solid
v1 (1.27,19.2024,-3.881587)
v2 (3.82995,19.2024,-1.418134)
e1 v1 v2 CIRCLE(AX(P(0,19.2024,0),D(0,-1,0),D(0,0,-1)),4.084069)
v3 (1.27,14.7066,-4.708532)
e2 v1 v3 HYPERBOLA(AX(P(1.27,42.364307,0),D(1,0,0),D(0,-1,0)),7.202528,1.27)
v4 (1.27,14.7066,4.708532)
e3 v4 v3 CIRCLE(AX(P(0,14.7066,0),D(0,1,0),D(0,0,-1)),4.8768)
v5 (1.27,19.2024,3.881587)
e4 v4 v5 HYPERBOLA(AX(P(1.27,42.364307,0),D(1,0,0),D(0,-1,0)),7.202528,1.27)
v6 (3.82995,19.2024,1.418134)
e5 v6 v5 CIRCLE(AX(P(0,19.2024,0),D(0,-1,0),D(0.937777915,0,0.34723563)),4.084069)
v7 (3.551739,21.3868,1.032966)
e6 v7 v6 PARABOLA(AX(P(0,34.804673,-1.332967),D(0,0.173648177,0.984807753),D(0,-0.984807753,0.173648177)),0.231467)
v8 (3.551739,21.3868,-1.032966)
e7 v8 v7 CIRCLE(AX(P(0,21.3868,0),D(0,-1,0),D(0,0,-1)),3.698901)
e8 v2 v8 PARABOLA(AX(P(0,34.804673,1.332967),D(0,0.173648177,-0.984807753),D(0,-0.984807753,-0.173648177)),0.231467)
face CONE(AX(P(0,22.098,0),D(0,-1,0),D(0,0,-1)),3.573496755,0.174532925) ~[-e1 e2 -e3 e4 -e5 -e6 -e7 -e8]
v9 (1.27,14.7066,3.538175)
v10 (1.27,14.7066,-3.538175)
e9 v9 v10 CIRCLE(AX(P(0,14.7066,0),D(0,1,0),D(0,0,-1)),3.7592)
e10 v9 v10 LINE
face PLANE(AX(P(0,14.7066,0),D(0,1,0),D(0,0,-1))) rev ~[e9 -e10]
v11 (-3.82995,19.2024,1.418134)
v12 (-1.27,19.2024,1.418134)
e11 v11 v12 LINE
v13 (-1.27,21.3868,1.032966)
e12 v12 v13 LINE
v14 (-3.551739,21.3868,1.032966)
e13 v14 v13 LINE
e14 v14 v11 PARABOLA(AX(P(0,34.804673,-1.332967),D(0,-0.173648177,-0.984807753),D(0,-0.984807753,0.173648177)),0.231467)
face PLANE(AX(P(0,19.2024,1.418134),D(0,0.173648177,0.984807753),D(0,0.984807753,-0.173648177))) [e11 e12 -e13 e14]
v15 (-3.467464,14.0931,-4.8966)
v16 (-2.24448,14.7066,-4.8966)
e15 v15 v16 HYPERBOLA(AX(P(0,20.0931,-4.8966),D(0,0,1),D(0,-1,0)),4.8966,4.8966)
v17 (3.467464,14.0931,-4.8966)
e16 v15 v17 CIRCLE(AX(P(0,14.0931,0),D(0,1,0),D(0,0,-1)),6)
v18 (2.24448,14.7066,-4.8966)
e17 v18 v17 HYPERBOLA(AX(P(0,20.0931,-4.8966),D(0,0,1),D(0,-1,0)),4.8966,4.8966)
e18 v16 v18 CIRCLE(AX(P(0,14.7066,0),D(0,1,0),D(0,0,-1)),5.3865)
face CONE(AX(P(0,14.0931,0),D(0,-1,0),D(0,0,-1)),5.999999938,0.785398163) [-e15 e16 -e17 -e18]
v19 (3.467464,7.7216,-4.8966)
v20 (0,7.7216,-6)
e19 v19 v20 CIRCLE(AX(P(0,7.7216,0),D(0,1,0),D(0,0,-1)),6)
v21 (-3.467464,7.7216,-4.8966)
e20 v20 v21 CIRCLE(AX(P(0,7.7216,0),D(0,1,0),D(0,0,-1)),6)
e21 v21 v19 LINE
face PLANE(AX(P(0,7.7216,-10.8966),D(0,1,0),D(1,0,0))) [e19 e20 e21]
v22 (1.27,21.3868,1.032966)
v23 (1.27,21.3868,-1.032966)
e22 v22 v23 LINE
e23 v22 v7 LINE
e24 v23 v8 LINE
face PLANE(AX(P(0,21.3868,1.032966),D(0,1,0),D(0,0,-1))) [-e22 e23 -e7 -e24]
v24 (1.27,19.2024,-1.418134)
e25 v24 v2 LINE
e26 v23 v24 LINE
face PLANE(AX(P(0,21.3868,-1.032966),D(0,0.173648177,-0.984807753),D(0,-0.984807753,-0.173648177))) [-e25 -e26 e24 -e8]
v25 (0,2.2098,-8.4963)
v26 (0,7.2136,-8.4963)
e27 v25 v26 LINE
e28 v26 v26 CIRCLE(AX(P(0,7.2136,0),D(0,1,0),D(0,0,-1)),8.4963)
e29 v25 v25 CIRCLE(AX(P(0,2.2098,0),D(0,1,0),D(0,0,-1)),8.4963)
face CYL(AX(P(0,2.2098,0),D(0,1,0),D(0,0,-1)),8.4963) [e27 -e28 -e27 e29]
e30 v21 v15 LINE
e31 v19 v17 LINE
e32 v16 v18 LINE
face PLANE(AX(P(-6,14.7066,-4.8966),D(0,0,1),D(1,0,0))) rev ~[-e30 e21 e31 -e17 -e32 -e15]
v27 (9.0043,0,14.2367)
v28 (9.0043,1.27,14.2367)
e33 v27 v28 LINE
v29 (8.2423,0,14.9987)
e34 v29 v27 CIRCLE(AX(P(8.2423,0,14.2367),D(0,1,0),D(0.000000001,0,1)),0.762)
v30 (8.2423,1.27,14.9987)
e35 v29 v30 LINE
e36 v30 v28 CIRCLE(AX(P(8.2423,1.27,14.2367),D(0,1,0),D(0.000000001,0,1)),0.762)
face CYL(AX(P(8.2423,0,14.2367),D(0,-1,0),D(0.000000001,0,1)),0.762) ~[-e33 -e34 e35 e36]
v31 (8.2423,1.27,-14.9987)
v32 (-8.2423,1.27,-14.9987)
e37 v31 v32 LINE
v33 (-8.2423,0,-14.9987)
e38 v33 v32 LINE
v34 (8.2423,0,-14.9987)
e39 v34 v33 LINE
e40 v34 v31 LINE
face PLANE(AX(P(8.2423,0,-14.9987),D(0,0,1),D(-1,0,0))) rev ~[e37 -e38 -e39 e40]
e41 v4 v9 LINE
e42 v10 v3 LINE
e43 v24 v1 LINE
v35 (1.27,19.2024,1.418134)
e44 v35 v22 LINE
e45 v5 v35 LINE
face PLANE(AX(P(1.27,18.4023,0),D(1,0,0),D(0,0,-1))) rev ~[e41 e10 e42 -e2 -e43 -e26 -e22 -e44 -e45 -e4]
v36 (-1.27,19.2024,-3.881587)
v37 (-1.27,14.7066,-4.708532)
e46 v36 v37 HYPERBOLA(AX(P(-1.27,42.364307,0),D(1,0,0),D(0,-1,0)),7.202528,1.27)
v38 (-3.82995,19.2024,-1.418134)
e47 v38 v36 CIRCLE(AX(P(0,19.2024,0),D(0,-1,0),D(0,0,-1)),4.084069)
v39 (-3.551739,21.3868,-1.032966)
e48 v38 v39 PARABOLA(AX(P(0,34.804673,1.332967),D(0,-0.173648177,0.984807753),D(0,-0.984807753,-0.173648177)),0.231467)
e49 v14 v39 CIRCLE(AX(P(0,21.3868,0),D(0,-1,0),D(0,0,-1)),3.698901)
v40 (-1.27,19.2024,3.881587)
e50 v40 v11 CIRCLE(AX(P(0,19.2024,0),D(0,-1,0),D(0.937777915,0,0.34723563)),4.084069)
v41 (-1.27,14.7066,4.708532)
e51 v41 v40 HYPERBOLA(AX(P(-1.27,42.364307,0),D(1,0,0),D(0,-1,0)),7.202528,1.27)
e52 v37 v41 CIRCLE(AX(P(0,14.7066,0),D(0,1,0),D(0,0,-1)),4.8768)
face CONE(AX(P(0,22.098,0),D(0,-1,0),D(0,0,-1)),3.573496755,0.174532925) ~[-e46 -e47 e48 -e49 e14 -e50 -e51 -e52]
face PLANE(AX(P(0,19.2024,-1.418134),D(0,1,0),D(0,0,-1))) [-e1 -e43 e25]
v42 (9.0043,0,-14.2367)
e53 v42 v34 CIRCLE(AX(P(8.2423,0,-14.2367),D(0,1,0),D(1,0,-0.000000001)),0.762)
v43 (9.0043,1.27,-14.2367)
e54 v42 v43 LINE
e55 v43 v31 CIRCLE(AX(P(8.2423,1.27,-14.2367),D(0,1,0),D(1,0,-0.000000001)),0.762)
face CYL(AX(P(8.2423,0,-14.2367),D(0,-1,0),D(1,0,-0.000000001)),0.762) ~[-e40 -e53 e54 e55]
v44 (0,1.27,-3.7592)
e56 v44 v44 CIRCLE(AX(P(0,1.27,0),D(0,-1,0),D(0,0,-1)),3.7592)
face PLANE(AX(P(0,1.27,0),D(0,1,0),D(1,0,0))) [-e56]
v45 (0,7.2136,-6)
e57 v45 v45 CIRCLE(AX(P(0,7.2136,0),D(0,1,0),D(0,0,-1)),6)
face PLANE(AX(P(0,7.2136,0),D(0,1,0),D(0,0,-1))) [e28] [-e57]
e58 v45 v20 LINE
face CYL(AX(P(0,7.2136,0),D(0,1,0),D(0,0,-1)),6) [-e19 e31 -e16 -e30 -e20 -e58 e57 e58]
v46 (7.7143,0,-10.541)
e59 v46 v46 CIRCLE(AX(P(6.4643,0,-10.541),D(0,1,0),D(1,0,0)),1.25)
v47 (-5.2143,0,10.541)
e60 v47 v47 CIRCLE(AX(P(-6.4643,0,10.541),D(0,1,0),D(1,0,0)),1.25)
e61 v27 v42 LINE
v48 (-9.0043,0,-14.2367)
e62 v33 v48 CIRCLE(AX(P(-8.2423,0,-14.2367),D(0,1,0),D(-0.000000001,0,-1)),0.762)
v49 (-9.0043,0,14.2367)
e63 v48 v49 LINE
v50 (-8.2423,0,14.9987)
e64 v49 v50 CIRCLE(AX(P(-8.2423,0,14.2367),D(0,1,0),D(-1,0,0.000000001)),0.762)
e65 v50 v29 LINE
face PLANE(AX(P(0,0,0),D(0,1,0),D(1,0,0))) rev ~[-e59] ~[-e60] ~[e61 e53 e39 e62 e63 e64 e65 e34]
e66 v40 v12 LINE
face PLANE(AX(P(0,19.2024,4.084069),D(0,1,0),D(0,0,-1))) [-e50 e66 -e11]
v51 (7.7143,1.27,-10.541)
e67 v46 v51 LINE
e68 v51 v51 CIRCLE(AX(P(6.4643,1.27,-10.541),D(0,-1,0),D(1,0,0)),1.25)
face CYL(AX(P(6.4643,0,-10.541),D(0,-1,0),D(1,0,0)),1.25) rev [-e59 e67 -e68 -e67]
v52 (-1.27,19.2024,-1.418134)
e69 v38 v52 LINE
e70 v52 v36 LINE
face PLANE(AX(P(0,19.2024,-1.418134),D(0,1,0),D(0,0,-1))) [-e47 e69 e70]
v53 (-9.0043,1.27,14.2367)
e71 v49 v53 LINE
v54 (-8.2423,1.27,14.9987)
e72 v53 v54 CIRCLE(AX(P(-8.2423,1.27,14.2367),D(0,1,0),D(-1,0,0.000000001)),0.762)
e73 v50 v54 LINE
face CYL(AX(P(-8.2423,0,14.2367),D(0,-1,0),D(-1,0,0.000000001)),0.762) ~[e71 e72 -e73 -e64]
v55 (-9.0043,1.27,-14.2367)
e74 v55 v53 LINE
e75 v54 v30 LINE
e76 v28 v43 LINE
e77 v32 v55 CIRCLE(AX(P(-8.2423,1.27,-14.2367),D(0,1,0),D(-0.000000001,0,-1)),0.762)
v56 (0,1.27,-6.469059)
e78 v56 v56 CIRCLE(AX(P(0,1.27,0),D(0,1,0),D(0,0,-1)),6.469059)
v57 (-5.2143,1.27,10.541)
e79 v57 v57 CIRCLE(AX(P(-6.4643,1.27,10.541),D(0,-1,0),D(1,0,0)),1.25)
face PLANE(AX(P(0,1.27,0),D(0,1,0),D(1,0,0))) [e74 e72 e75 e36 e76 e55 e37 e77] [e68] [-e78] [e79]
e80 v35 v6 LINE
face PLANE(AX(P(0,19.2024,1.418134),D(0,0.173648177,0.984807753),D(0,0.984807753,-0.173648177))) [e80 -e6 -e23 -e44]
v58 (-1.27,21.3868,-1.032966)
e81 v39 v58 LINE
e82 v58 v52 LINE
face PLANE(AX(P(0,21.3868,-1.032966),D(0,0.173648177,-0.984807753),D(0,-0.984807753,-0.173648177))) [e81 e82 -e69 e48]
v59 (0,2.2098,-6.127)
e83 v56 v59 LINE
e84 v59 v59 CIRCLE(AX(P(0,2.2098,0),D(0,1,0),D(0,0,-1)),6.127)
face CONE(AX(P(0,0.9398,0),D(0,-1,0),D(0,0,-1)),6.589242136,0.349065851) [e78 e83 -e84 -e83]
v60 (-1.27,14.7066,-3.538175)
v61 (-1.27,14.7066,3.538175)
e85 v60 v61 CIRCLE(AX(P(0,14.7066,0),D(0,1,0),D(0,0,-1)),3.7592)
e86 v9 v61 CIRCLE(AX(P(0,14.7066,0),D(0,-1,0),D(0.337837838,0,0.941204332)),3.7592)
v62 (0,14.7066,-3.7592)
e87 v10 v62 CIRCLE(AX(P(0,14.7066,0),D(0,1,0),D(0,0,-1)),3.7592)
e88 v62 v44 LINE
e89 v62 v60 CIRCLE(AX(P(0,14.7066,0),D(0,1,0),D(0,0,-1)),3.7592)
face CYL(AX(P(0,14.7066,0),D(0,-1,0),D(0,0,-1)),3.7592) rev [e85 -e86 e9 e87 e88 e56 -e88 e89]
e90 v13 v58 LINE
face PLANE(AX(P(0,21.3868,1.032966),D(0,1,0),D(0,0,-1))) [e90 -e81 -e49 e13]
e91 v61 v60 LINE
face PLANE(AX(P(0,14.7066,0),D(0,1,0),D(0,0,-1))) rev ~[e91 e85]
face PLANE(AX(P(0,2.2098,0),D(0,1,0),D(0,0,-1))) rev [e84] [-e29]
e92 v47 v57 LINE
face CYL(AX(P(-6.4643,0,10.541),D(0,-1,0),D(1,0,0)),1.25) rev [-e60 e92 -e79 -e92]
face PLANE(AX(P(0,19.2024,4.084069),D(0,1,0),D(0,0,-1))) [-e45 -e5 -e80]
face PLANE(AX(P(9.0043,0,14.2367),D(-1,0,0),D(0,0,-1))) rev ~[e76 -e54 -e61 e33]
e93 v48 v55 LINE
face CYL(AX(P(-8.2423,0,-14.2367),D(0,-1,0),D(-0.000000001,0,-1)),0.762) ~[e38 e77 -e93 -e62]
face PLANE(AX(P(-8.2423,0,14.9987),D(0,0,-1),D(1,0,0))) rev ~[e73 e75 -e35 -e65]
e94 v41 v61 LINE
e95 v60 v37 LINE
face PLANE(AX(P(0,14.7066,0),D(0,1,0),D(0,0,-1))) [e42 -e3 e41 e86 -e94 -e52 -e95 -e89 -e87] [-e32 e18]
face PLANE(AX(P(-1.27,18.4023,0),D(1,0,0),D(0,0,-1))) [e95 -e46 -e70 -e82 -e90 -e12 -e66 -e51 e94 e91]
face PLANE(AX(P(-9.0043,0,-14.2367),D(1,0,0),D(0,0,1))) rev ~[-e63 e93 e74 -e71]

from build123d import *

# Parameters (mm, degrees)
BOSS_EXTRUDE1_DEPTH     = 1.27
CUT_EXTRUDE1_DEPTH      = 6.985
CUT_EXTRUDE1_DEPTH_BACK = 6.985
SKETCH3_W               = 12
SKETCH3_H               = 12
CUT_EXTRUDE2_DEPTH      = 12
CUT_EXTRUDE2_DEPTH_BACK = 12
CUT_EXTRUDE3_DEPTH      = 1.27
CUT_EXTRUDE3_DEPTH_BACK = 1.27
SKETCH6_W               = 9.7536
SKETCH6_H               = 7.3914
CUT_EXTRUDE4_DEPTH      = 2.54
CUT_EXTRUDE4_DEPTH_BACK = 2.54
SKETCH7_R               = 1.25
CUT_EXTRUDE5_DEPTH      = 2.54
CUT_EXTRUDE5_DEPTH_BACK = 2.54
SKETCH8_R               = 1.25


with BuildPart() as part:
    # Sketch1 → Boss-Extrude1 (new body)
    with BuildSketch(Plane(origin=(0, 0, 0), x_dir=(1, 0, 0), z_dir=(0, 1, 0))):
        with BuildLine():
            Line((-9.0043, 14.2367), (-9.0043, -14.2367))
            ThreePointArc((-9.0043, -14.2367), (-8.781115367, -14.775515367), (-8.2423, -14.9987))
            Line((-8.2423, -14.9987), (8.2423, -14.9987))
            ThreePointArc((8.2423, -14.9987), (8.781115367, -14.775515367), (9.0043, -14.2367))
            Line((9.0043, -14.2367), (9.0043, 14.2367))
            ThreePointArc((9.0043, 14.2367), (8.781115367, 14.775515367), (8.2423, 14.9987))
            Line((8.2423, 14.9987), (-8.2423, 14.9987))
            ThreePointArc((-8.2423, 14.9987), (-8.781115367, 14.775515367), (-9.0043, 14.2367))
        make_face()
    extrude(amount=BOSS_EXTRUDE1_DEPTH)

    # Sketch2 → Revolve1 (revolve)
    with BuildSketch(Plane(origin=(0, 0, 0), x_dir=(0, 0, -1), z_dir=(1, 0, 0))):
        Polygon((3.7592, 14.7066), (3.7592, 0.9398), (6.589242136, 0.9398), (6.126999938, 2.2098), (8.4963, 2.2098), (8.4963, 7.2136), (5.999999938, 7.2136), (5.999999938, 14.093100062), (5.3865, 14.7066), align=None)
    revolve(axis=Axis((0, 0.9398, 0), (0, 1, 0)))

    # Sketch3 → Cut-Extrude1 (cut, two sides: drawn at the far end of the back side and taken through both)
    with BuildSketch(Plane(origin=(0, 14.7066, 0), x_dir=(1, 0, 0), z_dir=(0, 1, 0)).offset(-CUT_EXTRUDE1_DEPTH_BACK)):
        with Locations((0, 10.8966)):
            Rectangle(SKETCH3_W, SKETCH3_H)
    extrude(amount=CUT_EXTRUDE1_DEPTH + CUT_EXTRUDE1_DEPTH_BACK, mode=Mode.SUBTRACT)

    # Sketch4 → Revolve2 (revolve)
    with BuildSketch(Plane(origin=(0, 0, 0), x_dir=(0, 0, -1), z_dir=(1, 0, 0))):
        Polygon((0, 22.098), (3.573496755, 22.098), (4.8768, 14.7066), (0, 14.7066), align=None)
    revolve(axis=Axis((0, 14.7066, 0), (0, 1, 0)))

    # Sketch5 → Cut-Extrude2 (cut, two sides: drawn at the far end of the back side and taken through both)
    with BuildSketch(Plane(origin=(0, 0, 0), x_dir=(0, 0, -1), z_dir=(1, 0, 0)).offset(-CUT_EXTRUDE2_DEPTH_BACK)):
        Polygon((-4.8768, 23.6982), (-4.08406916, 19.2024), (-1.418134328, 19.2024), (-1.032965672, 21.3868), (1.032965672, 21.3868), (1.418134328, 19.2024), (4.08406916, 19.2024), (4.8768, 23.6982), align=None)
    extrude(amount=CUT_EXTRUDE2_DEPTH + CUT_EXTRUDE2_DEPTH_BACK, mode=Mode.SUBTRACT)

    # Sketch6 → Cut-Extrude3 (cut, two sides: drawn at the far end of the back side and taken through both)
    with BuildSketch(Plane(origin=(0, 0, 0), x_dir=(0, 0, -1), z_dir=(1, 0, 0)).offset(-CUT_EXTRUDE3_DEPTH_BACK)):
        with Locations((0, 18.4023)):
            Rectangle(SKETCH6_W, SKETCH6_H)
    extrude(amount=CUT_EXTRUDE3_DEPTH + CUT_EXTRUDE3_DEPTH_BACK, mode=Mode.SUBTRACT)

    # Sketch7 → Cut-Extrude4 (cut, two sides: drawn at the far end of the back side and taken through both)
    with BuildSketch(Plane(origin=(0, 0, 0), x_dir=(1, 0, 0), z_dir=(0, 1, 0)).offset(-CUT_EXTRUDE4_DEPTH_BACK)):
        with Locations((6.4643, 10.541)):
            Circle(SKETCH7_R)
    extrude(amount=CUT_EXTRUDE4_DEPTH + CUT_EXTRUDE4_DEPTH_BACK, mode=Mode.SUBTRACT)

    # Sketch8 → Cut-Extrude5 (cut, two sides: drawn at the far end of the back side and taken through both)
    with BuildSketch(Plane(origin=(0, 0, 0), x_dir=(1, 0, 0), z_dir=(0, 1, 0)).offset(-CUT_EXTRUDE5_DEPTH_BACK)):
        with Locations((-6.4643, -10.541)):
            Circle(SKETCH8_R)
    extrude(amount=CUT_EXTRUDE5_DEPTH + CUT_EXTRUDE5_DEPTH_BACK, mode=Mode.SUBTRACT)


solid = part.part
